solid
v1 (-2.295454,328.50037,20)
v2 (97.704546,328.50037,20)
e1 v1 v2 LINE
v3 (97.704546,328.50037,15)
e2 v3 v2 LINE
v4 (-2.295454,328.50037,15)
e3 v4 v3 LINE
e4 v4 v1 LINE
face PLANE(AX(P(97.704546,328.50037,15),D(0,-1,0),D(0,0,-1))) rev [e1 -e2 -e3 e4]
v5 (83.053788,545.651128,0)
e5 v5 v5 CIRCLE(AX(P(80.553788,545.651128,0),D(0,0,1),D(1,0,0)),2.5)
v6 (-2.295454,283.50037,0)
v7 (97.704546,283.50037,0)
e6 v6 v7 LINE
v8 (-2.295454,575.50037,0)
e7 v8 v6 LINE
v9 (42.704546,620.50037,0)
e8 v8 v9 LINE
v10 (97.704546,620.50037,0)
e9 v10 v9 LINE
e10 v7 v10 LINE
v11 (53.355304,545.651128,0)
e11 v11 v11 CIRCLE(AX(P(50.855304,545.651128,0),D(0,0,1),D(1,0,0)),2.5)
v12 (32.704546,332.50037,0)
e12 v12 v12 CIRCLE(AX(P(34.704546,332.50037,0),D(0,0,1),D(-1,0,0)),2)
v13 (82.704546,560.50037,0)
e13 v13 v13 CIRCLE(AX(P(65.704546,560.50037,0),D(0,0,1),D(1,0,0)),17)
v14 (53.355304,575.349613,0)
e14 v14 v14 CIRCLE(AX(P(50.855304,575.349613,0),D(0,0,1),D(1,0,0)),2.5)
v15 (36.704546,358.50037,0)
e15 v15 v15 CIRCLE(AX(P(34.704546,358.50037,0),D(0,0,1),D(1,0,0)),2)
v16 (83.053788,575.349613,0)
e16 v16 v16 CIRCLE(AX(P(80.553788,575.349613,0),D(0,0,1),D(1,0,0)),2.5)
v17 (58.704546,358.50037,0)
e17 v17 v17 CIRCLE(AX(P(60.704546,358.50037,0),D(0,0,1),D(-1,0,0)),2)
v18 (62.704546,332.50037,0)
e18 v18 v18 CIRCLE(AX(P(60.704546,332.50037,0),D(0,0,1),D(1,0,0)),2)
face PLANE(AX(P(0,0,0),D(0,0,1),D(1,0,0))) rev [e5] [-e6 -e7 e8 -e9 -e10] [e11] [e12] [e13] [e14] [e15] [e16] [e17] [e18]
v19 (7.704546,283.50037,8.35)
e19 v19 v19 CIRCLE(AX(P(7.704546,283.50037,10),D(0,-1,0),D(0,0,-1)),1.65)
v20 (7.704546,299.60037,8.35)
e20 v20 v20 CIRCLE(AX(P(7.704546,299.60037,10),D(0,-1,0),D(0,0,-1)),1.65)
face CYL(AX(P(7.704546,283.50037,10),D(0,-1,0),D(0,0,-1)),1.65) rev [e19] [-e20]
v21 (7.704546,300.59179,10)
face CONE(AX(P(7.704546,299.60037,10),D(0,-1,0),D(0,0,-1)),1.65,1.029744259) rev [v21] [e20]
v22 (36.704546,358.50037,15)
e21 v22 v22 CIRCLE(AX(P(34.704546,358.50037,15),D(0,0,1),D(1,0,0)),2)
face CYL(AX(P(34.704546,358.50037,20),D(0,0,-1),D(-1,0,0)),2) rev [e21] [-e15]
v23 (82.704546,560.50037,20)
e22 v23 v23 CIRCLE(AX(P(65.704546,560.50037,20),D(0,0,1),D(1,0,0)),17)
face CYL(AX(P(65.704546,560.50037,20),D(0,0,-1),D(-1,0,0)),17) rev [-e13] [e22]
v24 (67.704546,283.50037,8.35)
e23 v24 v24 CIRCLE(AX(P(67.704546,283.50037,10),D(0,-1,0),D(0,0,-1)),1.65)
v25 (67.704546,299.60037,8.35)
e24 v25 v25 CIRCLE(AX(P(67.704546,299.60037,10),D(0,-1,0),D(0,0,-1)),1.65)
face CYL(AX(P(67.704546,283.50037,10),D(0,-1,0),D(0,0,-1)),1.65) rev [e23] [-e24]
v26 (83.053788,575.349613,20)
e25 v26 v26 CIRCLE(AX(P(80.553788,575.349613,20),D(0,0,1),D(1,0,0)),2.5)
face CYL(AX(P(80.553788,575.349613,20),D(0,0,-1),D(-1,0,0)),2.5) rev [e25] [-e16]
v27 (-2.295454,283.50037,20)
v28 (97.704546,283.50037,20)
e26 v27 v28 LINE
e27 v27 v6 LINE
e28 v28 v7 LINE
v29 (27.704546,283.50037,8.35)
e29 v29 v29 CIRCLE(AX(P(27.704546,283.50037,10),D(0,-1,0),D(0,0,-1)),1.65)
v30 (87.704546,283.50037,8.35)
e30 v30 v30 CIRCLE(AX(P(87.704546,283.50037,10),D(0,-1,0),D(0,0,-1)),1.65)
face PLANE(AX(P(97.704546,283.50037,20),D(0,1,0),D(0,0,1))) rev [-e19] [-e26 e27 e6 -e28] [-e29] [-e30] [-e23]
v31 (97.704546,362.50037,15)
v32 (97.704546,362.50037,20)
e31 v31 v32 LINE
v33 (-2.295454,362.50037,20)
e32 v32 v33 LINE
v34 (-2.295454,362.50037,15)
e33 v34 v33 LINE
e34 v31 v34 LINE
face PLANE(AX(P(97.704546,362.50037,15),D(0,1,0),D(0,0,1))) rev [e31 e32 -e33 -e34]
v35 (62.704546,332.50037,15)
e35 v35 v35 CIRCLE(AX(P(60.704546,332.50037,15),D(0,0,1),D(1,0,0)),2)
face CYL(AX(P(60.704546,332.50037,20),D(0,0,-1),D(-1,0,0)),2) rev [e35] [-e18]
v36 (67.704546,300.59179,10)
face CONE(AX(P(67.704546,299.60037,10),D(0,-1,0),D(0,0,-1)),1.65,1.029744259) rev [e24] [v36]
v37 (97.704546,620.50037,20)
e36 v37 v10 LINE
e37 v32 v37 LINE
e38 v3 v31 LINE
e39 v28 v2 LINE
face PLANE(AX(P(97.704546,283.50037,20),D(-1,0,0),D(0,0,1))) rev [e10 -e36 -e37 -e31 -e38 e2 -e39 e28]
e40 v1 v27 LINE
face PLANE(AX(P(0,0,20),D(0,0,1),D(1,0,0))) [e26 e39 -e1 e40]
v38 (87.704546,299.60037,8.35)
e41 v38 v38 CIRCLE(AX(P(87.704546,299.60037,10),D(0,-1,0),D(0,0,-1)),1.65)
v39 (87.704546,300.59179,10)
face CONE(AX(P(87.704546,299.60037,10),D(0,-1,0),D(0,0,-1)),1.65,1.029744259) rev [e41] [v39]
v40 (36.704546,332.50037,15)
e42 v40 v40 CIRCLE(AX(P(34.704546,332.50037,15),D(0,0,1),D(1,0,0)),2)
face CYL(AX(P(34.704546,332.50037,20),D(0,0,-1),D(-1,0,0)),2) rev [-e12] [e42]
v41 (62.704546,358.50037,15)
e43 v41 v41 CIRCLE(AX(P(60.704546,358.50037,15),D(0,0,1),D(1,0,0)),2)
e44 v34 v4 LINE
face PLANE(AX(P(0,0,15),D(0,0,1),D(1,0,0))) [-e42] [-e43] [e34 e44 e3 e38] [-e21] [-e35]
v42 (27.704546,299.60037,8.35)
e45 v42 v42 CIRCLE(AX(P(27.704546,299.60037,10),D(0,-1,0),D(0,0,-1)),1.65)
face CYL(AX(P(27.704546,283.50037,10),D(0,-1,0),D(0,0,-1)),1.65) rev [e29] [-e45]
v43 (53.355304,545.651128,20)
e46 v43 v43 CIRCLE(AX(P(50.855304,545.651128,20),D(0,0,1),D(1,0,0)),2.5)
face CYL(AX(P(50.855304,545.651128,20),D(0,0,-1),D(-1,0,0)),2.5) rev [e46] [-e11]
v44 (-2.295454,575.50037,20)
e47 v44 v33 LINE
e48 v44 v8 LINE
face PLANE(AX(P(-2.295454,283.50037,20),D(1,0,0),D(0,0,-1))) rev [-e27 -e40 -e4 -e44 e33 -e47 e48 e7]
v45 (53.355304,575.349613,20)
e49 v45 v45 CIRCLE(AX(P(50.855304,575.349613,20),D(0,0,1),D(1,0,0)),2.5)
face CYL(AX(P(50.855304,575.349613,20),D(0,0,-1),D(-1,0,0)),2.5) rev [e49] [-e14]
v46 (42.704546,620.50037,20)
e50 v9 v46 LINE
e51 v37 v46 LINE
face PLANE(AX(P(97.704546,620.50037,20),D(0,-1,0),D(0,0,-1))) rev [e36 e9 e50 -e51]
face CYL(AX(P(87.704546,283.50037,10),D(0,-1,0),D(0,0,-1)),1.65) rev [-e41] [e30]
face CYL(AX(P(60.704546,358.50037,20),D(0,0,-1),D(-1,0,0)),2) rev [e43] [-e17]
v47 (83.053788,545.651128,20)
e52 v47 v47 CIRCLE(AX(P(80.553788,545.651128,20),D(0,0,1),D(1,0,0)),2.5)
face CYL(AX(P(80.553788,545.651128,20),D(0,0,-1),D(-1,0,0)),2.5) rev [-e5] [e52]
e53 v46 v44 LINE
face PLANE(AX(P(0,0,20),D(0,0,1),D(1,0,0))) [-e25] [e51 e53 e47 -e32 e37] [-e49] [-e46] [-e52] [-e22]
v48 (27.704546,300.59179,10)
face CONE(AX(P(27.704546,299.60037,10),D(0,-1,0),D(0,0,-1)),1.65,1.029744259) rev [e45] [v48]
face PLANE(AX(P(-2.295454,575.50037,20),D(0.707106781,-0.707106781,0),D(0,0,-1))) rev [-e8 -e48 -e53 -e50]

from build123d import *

# Parameters (mm, degrees)
SKETCH1_W             = 100
SKETCH1_H             = 337
SKETCH1_R             = 17
SKETCH1_R_2           = 2.5
SKETCH1_R_3           = 2
BOSS_EXTRUDE1_DEPTH   = 20
CHAMFER1_SIZE         = 45
SKETCH2_W             = 100
SKETCH2_H             = 34
CUT_EXTRUDE1_DEPTH    = 5
M4_TAPPED_HOLE1_D     = 3.3
M4_TAPPED_HOLE1_DEPTH = 16.1
M4_TAPPED_HOLE1_TIP   = 0.991420021


with BuildPart() as part:
    # Sketch1 → Boss-Extrude1 (new body)
    with BuildSketch(Plane.XY):
        with Locations((47.704546062, 452.000370419)):
            Rectangle(SKETCH1_W, SKETCH1_H)
        with Locations((65.704546062, 560.500370419)):
            Circle(SKETCH1_R, mode=Mode.SUBTRACT)
        with Locations((80.553788467, 575.349612824)):
            Circle(SKETCH1_R_2, mode=Mode.SUBTRACT)
        with Locations((80.553788467, 545.651128014)):
            Circle(SKETCH1_R_2, mode=Mode.SUBTRACT)
        with Locations((50.855303657, 545.651128014)):
            Circle(SKETCH1_R_2, mode=Mode.SUBTRACT)
        with Locations((50.855303657, 575.349612824)):
            Circle(SKETCH1_R_2, mode=Mode.SUBTRACT)
        with Locations((34.704546062, 358.500370419)):
            Circle(SKETCH1_R_3, mode=Mode.SUBTRACT)
        with Locations(Location((60.704546062, 358.500370419, 0), (0, 0, 180))):
            Circle(SKETCH1_R_3, mode=Mode.SUBTRACT)
        with Locations((60.704546062, 332.500370419)):
            Circle(SKETCH1_R_3, mode=Mode.SUBTRACT)
        with Locations(Location((34.704546062, 332.500370419, 0), (0, 0, 180))):
            Circle(SKETCH1_R_3, mode=Mode.SUBTRACT)
    extrude(amount=BOSS_EXTRUDE1_DEPTH)

    # Chamfer1
    chamfer1_edges = [part.edges().sort_by_distance(p)[0] for p in [
        (-2.295453938, 620.500370419, 10),
    ]]
    chamfer(chamfer1_edges, length=CHAMFER1_SIZE)

    # Sketch2 → Cut-Extrude1 (cut)
    with BuildSketch(Plane.XY.offset(20)):
        with Locations((47.704546062, 345.500370419)):
            Rectangle(SKETCH2_W, SKETCH2_H)
    extrude(amount=-CUT_EXTRUDE1_DEPTH, mode=Mode.SUBTRACT)

    # M4 Tapped Hole1
    with Locations(Plane(origin=(7.704546062, 283.500370419, 10), x_dir=(0, 0, -1), z_dir=(0, -1, 0))):
        with Locations((0, 0), (0, 20), (0, 60), (0, 80)):
            Hole(M4_TAPPED_HOLE1_D / 2, depth=M4_TAPPED_HOLE1_DEPTH)
            with Locations((0, 0, -(M4_TAPPED_HOLE1_DEPTH + M4_TAPPED_HOLE1_TIP / 2))):  # 118° drill point
                Cone(0, M4_TAPPED_HOLE1_D / 2, M4_TAPPED_HOLE1_TIP, mode=Mode.SUBTRACT)


solid = part.part
